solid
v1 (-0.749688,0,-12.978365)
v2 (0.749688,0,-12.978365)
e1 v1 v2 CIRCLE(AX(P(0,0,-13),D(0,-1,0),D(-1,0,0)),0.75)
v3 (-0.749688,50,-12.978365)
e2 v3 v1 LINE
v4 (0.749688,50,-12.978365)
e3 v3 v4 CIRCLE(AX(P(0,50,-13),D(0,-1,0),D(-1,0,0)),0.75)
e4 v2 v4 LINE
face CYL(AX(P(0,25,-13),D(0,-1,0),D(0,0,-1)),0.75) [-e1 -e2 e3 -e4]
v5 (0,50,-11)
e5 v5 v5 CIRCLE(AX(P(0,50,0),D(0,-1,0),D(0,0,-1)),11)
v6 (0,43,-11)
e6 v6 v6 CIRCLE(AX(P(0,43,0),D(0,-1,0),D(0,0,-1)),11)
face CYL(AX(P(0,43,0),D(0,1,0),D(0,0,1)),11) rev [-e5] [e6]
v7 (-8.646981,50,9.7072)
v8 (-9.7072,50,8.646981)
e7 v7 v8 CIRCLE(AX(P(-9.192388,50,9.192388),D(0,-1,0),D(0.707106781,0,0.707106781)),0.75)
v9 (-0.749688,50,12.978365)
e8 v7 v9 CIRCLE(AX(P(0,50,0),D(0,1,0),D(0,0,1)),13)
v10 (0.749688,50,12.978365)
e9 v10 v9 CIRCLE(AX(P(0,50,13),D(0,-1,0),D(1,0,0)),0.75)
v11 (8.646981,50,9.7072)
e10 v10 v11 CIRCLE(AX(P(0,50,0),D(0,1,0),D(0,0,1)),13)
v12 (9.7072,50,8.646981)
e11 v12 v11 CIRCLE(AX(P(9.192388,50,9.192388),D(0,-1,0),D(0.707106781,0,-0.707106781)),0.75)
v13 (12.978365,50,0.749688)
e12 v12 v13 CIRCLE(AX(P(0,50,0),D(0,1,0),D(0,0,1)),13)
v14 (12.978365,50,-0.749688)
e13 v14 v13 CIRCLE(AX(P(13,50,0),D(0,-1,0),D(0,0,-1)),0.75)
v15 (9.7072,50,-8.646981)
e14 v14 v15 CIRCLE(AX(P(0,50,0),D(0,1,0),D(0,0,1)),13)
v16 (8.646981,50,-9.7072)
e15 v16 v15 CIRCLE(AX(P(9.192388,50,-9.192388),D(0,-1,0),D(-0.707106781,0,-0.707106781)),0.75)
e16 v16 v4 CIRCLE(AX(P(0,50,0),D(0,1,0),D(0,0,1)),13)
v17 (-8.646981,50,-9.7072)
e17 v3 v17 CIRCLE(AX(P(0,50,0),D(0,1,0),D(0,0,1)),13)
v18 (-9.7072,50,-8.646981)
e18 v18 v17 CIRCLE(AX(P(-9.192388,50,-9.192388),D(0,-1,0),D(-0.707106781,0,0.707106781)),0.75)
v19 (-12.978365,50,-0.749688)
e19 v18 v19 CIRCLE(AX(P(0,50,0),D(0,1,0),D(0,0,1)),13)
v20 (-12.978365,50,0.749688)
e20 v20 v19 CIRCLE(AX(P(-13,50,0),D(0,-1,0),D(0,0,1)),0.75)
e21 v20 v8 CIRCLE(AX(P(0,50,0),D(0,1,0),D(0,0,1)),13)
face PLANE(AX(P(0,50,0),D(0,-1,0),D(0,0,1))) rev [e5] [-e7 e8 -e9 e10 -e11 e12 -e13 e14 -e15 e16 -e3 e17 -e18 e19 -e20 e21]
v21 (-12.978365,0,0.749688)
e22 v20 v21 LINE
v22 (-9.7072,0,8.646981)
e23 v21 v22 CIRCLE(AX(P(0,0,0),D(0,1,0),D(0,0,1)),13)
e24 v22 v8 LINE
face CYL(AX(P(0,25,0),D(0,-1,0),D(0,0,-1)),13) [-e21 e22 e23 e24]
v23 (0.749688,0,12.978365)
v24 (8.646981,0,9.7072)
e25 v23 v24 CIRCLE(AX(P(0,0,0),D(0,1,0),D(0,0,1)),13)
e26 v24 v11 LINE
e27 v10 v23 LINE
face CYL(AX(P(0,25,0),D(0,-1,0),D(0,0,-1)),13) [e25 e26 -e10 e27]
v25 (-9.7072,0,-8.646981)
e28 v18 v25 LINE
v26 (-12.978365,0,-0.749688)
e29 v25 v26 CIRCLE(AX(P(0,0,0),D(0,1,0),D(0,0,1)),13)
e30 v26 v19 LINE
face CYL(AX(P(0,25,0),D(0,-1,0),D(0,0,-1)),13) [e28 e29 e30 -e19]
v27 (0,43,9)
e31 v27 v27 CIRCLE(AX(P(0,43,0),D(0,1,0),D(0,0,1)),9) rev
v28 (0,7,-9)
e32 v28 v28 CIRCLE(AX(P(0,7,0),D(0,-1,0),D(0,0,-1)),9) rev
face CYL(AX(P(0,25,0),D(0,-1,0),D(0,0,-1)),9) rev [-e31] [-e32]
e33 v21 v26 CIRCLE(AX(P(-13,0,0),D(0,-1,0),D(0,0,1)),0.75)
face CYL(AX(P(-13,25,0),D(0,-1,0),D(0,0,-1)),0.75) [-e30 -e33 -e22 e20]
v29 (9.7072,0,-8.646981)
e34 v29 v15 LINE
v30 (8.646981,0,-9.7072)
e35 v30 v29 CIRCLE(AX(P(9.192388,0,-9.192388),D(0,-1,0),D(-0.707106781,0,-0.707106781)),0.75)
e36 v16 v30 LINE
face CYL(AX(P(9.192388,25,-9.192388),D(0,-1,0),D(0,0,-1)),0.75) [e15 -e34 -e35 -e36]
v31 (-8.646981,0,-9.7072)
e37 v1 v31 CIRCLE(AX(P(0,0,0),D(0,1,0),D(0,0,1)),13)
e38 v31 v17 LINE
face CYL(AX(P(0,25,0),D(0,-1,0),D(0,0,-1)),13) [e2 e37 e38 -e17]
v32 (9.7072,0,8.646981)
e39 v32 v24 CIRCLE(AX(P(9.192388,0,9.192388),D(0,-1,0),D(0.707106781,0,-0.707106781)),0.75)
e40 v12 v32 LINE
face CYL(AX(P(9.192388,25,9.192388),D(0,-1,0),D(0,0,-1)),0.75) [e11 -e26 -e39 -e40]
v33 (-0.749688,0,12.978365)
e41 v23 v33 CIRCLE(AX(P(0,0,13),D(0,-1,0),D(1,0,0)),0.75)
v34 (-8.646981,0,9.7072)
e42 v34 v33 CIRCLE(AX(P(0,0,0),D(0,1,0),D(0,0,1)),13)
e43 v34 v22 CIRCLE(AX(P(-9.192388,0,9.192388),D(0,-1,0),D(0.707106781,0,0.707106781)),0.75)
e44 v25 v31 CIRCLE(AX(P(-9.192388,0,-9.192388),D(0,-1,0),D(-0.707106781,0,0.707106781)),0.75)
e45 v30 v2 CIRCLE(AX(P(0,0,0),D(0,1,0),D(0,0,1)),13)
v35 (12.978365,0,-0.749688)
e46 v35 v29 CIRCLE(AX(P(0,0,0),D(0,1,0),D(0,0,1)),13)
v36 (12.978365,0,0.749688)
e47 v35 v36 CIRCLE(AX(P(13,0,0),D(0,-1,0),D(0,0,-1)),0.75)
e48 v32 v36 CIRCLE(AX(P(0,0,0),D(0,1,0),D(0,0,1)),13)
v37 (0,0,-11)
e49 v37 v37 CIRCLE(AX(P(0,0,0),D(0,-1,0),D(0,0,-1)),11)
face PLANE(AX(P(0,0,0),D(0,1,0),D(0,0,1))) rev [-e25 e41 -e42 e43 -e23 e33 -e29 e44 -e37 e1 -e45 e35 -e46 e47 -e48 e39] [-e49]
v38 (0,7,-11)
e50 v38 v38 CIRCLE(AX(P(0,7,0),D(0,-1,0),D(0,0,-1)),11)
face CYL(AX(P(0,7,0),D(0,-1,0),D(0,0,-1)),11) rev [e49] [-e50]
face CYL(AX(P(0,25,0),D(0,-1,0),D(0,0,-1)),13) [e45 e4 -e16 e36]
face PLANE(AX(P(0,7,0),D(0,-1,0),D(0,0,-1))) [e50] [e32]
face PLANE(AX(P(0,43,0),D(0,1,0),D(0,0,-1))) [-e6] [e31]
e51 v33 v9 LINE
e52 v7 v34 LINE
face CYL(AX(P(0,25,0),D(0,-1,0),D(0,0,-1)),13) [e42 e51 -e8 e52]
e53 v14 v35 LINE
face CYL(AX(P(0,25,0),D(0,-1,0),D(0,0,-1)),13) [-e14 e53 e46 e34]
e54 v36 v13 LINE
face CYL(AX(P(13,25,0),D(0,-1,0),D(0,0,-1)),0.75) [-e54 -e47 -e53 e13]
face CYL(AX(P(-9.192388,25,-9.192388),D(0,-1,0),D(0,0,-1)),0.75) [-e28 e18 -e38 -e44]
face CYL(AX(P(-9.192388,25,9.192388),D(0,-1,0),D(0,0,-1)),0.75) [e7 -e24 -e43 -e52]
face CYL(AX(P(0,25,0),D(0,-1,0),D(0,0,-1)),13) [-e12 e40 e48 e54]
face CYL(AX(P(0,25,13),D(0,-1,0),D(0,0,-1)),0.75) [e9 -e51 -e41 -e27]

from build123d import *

# Parameters (mm, degrees)
ESQUISSE2_R                  = 13
BOSS_EXTRU_1_DEPTH           = 25
ESQUISSE3_R                  = 9
ENL_V_MAT_EXTRU_1_DEPTH      = 32.032241298
ESQUISSE4_R                  = 11
ENL_V_MAT_EXTRU_2_DEPTH      = 7
ESQUISSE6_R                  = 0.75
BOSS_EXTRU_2_DEPTH           = 25
R_P_TITION_CIRCULAIRE1_COUNT = 8
SYM_TRIE2_COPY_1_SKETCH_R    = 0.75
SYM_TRIE2_COPY_1_DEPTH       = 25
SYM_TRIE2_COPY_2_SKETCH_R    = 0.75
SYM_TRIE2_COPY_2_DEPTH       = 25
SYM_TRIE2_COPY_3_SKETCH_R    = 0.75
SYM_TRIE2_COPY_3_DEPTH       = 25
SYM_TRIE2_COPY_4_SKETCH_R    = 0.75
SYM_TRIE2_COPY_4_DEPTH       = 25
SYM_TRIE2_COPY_5_SKETCH_R    = 0.75
SYM_TRIE2_COPY_5_DEPTH       = 25
SYM_TRIE2_COPY_6_SKETCH_R    = 0.75
SYM_TRIE2_COPY_6_DEPTH       = 25
SYM_TRIE2_COPY_7_SKETCH_R    = 0.75
SYM_TRIE2_COPY_7_DEPTH       = 25


with BuildPart() as part:
    # Esquisse2 → Boss.-Extru.1 (new body)
    with BuildSketch(Plane(origin=(0, 0, 0), x_dir=(1, 0, 0), z_dir=(0, 1, 0))):
        with Locations(Location((0, 0, 0), (0, 0, 270))):
            Circle(ESQUISSE2_R)
    boss_extru_1 = extrude(amount=BOSS_EXTRU_1_DEPTH)

    # Esquisse3 → Enlèv. mat.-Extru.1 (cut, through all)
    with BuildSketch(Plane.XZ):
        with Locations(Location((0, 0, 0), (0, 0, 270))):
            Circle(ESQUISSE3_R)
    enl_v_mat_extru_1 = extrude(amount=-ENL_V_MAT_EXTRU_1_DEPTH, mode=Mode.SUBTRACT)

    # Esquisse4 → Enlèv. mat.-Extru.2 (cut)
    with BuildSketch(Plane.XZ):
        with Locations(Location((0, 0, 0), (0, 0, 270))):
            Circle(ESQUISSE4_R)
    enl_v_mat_extru_2 = extrude(amount=-ENL_V_MAT_EXTRU_2_DEPTH, mode=Mode.SUBTRACT)

    # Esquisse6 → Boss.-Extru.2 (add)
    with BuildSketch(Plane(origin=(0, 0, 0), x_dir=(-1, 0, 0), z_dir=(0, -1, 0))):
        with Locations((-13, 0)):
            Circle(ESQUISSE6_R)
    boss_extru_2 = extrude(amount=-BOSS_EXTRU_2_DEPTH)

    # Répétition circulaire1: Boss.-Extru.2 ×8 about axis
    r_p_tition_circulaire1_axis = Axis((0, 0, 0), (0, 1, 0))
    for i in range(1, R_P_TITION_CIRCULAIRE1_COUNT):
        add(boss_extru_2.rotate(r_p_tition_circulaire1_axis, i * 360 / R_P_TITION_CIRCULAIRE1_COUNT))

    # Symétrie2: Boss.-Extru.1, Enlèv. mat.-Extru.1, Enlèv. mat.-Extru.2, Boss.-Extru.2 across plane
    add(boss_extru_1.mirror(Plane.ZX.offset(25)))
    add(enl_v_mat_extru_1.mirror(Plane.ZX.offset(25)), mode=Mode.SUBTRACT)
    add(enl_v_mat_extru_2.mirror(Plane.ZX.offset(25)), mode=Mode.SUBTRACT)
    add(boss_extru_2.mirror(Plane.ZX.offset(25)))

    # Symétrie2 copy 1 sketch → Symétrie2 copy 1 (add)
    with BuildSketch(Plane(origin=(0, 50, 0), x_dir=(-0.7071067811865476, 0, 0.7071067811865475), z_dir=(0, 1, 0))):
        with Locations((-13, 0)):
            Circle(SYM_TRIE2_COPY_1_SKETCH_R)
    extrude(amount=-SYM_TRIE2_COPY_1_DEPTH)

    # Symétrie2 copy 2 sketch → Symétrie2 copy 2 (add)
    with BuildSketch(Plane.ZX.offset(50)):
        with Locations((-13, 0)):
            Circle(SYM_TRIE2_COPY_2_SKETCH_R)
    extrude(amount=-SYM_TRIE2_COPY_2_DEPTH)

    # Symétrie2 copy 3 sketch → Symétrie2 copy 3 (add)
    with BuildSketch(Plane(origin=(0, 50, 0), x_dir=(0.7071067811865475, 0, 0.7071067811865476), z_dir=(0, 1, 0))):
        with Locations((-13, 0)):
            Circle(SYM_TRIE2_COPY_3_SKETCH_R)
    extrude(amount=-SYM_TRIE2_COPY_3_DEPTH)

    # Symétrie2 copy 4 sketch → Symétrie2 copy 4 (add)
    with BuildSketch(Plane(origin=(0, 50, 0), x_dir=(1, 0, 0), z_dir=(0, 1, 0))):
        with Locations((-13, 0)):
            Circle(SYM_TRIE2_COPY_4_SKETCH_R)
    extrude(amount=-SYM_TRIE2_COPY_4_DEPTH)

    # Symétrie2 copy 5 sketch → Symétrie2 copy 5 (add)
    with BuildSketch(Plane(origin=(0, 50, 0), x_dir=(0.7071067811865477, 0, -0.7071067811865475), z_dir=(0, 1, 0))):
        with Locations((-13, 0)):
            Circle(SYM_TRIE2_COPY_5_SKETCH_R)
    extrude(amount=-SYM_TRIE2_COPY_5_DEPTH)

    # Symétrie2 copy 6 sketch → Symétrie2 copy 6 (add)
    with BuildSketch(Plane(origin=(0, 50, 0), x_dir=(0, 0, -1), z_dir=(0, 1, 0))):
        with Locations((-13, 0)):
            Circle(SYM_TRIE2_COPY_6_SKETCH_R)
    extrude(amount=-SYM_TRIE2_COPY_6_DEPTH)

    # Symétrie2 copy 7 sketch → Symétrie2 copy 7 (add)
    with BuildSketch(Plane(origin=(0, 50, 0), x_dir=(-0.7071067811865474, 0, -0.7071067811865477), z_dir=(0, 1, 0))):
        with Locations((-13, 0)):
            Circle(SYM_TRIE2_COPY_7_SKETCH_R)
    extrude(amount=-SYM_TRIE2_COPY_7_DEPTH)


solid = part.part
